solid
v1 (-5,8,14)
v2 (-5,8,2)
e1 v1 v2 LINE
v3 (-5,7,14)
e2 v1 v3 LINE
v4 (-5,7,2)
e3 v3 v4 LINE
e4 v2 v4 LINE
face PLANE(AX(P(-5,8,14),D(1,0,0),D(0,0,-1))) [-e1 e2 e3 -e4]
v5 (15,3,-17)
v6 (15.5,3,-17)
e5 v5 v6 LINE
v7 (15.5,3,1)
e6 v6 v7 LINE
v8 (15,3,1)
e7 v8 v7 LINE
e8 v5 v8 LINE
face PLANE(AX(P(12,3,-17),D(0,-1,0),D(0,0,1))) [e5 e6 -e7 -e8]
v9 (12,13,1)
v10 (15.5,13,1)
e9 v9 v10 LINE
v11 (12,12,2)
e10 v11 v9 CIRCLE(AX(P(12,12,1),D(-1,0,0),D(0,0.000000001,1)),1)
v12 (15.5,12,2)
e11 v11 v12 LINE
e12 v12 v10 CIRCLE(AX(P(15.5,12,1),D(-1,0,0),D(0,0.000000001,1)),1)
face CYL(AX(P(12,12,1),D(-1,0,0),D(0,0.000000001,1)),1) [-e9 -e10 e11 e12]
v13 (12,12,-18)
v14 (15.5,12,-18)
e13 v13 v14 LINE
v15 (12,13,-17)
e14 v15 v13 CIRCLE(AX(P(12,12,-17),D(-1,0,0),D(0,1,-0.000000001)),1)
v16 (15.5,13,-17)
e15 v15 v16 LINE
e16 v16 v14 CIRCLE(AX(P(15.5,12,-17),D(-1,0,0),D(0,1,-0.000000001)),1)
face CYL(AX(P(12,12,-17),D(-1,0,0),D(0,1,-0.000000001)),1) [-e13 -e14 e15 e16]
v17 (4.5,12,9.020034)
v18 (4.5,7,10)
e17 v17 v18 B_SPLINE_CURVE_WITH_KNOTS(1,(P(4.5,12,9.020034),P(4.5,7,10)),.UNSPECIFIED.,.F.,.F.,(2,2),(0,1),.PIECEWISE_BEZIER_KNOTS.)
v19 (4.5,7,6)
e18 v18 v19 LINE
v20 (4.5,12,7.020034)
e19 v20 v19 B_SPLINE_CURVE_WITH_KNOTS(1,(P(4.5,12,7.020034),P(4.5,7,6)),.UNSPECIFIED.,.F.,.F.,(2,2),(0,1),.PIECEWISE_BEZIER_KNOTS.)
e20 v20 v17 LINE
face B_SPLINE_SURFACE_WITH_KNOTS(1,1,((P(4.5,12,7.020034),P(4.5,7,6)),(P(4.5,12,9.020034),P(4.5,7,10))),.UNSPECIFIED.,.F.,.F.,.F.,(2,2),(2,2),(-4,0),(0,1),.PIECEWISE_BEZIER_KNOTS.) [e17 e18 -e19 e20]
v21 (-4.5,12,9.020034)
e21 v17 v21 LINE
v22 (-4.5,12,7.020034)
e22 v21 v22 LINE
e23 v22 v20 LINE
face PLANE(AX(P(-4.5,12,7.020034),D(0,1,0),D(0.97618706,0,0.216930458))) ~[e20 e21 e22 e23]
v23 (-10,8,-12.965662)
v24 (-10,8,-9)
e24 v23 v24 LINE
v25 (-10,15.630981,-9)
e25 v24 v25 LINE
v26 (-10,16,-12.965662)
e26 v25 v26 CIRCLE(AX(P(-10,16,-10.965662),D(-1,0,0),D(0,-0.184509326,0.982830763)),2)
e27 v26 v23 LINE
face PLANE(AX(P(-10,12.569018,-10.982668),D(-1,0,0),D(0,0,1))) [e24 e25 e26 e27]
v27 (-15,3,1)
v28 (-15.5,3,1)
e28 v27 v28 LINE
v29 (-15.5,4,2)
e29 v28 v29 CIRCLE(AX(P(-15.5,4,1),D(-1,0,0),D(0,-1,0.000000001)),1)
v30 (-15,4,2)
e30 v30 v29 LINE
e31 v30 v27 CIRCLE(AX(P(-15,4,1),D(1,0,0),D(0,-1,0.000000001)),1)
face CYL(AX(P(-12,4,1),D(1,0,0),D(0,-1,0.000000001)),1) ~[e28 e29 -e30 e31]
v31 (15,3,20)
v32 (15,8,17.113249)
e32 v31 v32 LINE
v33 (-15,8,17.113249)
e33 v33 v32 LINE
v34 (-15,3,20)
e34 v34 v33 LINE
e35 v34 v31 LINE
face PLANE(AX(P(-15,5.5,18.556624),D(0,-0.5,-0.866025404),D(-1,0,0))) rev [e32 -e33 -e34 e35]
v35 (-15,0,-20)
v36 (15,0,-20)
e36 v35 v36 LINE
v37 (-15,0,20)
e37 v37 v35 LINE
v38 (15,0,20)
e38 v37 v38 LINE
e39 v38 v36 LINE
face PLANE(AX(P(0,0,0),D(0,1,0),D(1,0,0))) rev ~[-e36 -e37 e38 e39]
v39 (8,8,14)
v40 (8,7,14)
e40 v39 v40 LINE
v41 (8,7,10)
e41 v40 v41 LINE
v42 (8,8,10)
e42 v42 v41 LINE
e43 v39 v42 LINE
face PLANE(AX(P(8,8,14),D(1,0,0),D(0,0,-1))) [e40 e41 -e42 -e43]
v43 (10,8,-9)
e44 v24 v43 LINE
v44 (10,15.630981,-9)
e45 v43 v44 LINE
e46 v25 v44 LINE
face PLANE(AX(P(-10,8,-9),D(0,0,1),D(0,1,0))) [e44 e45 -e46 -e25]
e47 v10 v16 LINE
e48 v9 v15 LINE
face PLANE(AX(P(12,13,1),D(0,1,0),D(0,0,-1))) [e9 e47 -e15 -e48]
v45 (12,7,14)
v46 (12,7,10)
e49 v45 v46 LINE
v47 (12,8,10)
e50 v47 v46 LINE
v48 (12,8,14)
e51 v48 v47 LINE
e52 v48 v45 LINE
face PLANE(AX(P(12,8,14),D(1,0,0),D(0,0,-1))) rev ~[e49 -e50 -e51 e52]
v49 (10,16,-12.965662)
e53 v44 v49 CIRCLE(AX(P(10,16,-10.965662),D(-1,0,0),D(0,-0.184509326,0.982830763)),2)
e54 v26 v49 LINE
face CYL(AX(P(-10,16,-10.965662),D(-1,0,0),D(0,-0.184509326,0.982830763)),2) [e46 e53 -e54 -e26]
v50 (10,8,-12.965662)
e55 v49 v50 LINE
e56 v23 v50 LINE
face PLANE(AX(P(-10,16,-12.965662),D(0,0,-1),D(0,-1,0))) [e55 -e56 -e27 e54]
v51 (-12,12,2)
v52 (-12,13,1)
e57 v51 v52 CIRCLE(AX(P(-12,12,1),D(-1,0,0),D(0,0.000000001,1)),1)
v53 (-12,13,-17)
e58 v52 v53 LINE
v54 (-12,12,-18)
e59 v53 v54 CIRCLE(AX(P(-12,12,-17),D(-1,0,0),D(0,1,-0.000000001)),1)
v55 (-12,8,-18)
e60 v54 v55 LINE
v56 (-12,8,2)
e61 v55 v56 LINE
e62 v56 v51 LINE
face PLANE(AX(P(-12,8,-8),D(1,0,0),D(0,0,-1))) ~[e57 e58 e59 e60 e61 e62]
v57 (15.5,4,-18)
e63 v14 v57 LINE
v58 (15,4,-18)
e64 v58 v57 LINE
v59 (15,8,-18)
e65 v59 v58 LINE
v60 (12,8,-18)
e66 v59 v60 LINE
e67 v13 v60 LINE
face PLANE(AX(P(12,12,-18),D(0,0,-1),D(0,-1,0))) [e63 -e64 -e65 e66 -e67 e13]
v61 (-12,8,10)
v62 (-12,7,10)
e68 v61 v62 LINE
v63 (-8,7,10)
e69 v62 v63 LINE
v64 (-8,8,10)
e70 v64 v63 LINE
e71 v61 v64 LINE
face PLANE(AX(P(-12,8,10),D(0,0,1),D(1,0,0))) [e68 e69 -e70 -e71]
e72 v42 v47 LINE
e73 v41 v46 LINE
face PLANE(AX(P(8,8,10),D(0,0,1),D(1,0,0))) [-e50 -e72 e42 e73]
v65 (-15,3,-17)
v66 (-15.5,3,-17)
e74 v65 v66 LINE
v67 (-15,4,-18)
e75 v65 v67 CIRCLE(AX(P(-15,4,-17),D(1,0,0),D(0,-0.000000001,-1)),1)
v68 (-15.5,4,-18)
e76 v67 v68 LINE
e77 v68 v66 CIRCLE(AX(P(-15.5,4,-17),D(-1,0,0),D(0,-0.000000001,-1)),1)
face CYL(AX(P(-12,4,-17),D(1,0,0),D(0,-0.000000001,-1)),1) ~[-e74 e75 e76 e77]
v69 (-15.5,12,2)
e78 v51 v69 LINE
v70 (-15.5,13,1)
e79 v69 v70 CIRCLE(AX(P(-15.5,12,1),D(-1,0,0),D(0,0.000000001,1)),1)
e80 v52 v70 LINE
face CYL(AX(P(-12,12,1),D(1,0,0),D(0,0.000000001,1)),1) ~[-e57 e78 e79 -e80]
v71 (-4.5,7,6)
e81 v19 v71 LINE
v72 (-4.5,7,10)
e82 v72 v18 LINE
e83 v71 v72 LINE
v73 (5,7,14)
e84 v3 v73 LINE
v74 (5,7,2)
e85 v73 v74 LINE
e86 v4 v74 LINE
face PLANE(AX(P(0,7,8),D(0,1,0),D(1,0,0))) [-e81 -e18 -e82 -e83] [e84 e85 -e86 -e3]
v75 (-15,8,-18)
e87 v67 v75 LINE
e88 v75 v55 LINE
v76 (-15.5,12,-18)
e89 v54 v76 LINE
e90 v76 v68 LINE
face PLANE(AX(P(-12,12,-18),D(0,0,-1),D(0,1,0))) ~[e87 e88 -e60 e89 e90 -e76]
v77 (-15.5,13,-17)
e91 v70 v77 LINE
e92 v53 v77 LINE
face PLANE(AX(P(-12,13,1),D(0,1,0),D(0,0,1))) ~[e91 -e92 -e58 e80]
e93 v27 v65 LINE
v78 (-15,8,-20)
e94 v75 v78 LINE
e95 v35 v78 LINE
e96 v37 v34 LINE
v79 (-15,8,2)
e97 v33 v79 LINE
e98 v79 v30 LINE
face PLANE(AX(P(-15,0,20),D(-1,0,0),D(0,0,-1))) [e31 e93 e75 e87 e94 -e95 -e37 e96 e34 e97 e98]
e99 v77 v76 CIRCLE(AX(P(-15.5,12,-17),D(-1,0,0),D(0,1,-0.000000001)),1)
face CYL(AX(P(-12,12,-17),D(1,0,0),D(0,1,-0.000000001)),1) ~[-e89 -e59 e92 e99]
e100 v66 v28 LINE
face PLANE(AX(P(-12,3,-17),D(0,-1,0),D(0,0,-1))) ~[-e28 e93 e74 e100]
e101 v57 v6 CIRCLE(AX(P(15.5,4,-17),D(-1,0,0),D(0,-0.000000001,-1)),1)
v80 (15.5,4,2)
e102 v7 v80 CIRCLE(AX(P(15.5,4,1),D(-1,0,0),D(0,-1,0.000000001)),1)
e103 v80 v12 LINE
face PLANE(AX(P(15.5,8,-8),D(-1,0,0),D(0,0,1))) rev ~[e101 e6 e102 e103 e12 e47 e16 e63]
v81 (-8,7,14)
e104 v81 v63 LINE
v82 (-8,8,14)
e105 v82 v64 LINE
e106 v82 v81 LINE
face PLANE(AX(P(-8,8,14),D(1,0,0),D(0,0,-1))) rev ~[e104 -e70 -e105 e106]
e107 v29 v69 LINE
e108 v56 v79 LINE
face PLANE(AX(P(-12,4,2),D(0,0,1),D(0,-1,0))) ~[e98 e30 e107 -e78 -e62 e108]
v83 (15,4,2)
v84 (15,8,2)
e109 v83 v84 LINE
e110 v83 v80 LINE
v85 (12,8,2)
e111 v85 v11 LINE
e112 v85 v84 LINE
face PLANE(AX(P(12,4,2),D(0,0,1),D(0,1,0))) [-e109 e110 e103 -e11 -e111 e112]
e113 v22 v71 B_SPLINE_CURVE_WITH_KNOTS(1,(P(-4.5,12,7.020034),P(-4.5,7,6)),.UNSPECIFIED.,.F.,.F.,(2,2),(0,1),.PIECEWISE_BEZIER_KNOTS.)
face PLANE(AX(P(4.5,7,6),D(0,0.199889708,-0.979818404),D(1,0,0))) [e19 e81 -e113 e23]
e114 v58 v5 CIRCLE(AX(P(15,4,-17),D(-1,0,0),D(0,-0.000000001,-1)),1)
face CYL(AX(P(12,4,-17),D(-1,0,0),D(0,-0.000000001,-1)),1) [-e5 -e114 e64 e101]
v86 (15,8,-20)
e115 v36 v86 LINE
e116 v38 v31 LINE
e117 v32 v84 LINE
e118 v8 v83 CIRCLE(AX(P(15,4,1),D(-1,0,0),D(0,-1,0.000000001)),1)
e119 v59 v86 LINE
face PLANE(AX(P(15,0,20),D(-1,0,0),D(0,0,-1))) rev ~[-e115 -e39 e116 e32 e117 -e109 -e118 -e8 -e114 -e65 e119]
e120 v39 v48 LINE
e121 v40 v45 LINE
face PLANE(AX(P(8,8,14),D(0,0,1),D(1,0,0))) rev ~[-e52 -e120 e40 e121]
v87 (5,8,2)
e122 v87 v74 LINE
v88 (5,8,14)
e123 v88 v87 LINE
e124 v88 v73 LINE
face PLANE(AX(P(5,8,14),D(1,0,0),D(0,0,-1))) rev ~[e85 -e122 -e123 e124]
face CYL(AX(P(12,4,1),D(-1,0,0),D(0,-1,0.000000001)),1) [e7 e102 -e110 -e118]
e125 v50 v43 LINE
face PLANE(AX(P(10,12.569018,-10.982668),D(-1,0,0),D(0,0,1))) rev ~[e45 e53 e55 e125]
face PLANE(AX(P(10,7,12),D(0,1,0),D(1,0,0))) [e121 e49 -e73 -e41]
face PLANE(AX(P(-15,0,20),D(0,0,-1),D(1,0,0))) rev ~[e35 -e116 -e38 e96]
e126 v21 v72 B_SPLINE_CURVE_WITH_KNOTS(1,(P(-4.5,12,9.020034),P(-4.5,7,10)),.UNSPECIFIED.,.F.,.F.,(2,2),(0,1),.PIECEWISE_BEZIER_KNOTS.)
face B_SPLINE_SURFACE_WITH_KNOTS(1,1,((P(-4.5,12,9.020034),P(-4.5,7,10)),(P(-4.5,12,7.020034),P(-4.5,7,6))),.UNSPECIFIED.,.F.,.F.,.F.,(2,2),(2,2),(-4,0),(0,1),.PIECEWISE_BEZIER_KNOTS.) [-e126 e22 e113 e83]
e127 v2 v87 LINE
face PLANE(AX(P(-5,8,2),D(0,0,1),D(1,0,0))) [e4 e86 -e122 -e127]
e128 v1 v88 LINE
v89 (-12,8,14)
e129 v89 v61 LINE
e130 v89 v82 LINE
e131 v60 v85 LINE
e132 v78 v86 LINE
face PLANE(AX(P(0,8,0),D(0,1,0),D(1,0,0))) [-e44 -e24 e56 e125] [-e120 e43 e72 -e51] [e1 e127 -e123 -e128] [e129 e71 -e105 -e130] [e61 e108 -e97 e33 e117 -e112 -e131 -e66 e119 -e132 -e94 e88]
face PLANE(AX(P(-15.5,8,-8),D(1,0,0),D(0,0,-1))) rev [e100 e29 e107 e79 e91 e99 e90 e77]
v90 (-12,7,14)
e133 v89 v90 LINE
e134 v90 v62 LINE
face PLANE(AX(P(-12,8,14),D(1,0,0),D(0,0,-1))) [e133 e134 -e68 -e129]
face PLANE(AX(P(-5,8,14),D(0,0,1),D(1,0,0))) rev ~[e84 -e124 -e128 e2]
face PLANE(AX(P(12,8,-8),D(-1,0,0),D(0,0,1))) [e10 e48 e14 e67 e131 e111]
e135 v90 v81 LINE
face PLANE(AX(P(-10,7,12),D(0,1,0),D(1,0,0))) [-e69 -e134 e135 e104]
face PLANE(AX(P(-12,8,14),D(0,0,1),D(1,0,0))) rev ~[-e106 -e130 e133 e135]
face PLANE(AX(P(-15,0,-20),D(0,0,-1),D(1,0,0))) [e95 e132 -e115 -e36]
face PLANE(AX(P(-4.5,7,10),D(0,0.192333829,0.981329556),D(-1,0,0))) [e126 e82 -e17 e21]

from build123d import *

# Parameters (mm, degrees)
SKETCH_1_W           = 30
SKETCH_1_H           = 40
EXTRUDE_1_DEPTH      = 8
CHAMFER_1_SIZE       = 5
CHAMFER_1_SIZE2      = 2.886751346
EXTRUDE_START        = -3
EXTRUDE_2_DEPTH      = 3.5
EXTRUDE_3_DEPTH      = 10
EXTRUDE_3_DEPTH_BACK = 10
SKETCH_4_W           = 4
SKETCH_4_H           = 4
CUT_EXTRUDE_2_DEPTH  = 1
SKETCH_12_W          = 10
SKETCH_12_H          = 12
CUT_EXTRUDE_3_DEPTH  = 1


with BuildPart() as part:
    # 草图1 → 凸台-拉伸1 (new body)
    with BuildSketch(Plane(origin=(0, 0, 0), x_dir=(1, 0, 0), z_dir=(0, 1, 0))):
        Rectangle(SKETCH_1_W, SKETCH_1_H)
    extrude(amount=EXTRUDE_1_DEPTH)

    # 倒角1
    chamfer_1_edges = [part.edges().sort_by_distance(p)[0] for p in [
        (0, 8, 20),
    ]]
    chamfer_1_side = [part.faces().sort_by_distance(p)[0] for p in [
        (0, 4, 20),
    ]]
    chamfer(chamfer_1_edges, length=CHAMFER_1_SIZE, length2=CHAMFER_1_SIZE2, reference=chamfer_1_side[0])

    # 草图6 → 凸台-拉伸2 (add)
    with BuildSketch(Plane(origin=(15, 0, 0), x_dir=(0, 0, -1), z_dir=(1, 0, 0)).offset(EXTRUDE_START)):
        with BuildLine():
            Line((18, 12), (18, 4))
            ThreePointArc((18, 4), (17.707106781, 3.292893219), (17, 3))
            Line((17, 3), (-1, 3))
            ThreePointArc((-1, 3), (-1.707106781, 3.292893219), (-2, 4))
            Line((-2, 4), (-2, 12))
            ThreePointArc((-2, 12), (-1.707106781, 12.707106781), (-1, 13))
            Line((-1, 13), (17, 13))
            ThreePointArc((17, 13), (17.707106781, 12.707106781), (18, 12))
        make_face()
    extrude_2 = extrude(amount=EXTRUDE_2_DEPTH)

    # 镜向2: 凸台-拉伸2 across plane
    add(extrude_2.mirror(Plane(origin=(0, 0, 0), x_dir=(0, 0, 1), z_dir=(1, 0, 0))))

    # 草图10 → 凸台-拉伸3 (add, two sides: drawn at the far end of the back side and taken through both)
    with BuildSketch(Plane(origin=(0, 0, 0), x_dir=(0, 0, -1), z_dir=(1, 0, 0)).offset(-EXTRUDE_3_DEPTH_BACK)):
        with BuildLine():
            Line((9, 8), (9, 15.630981347))
            ThreePointArc((9, 15.630981347), (10.780355092, 17.991396878), (12.965661526, 16))
            Line((12.965661526, 16), (12.965661526, 8))
            Line((12.965661526, 8), (9, 8))
        make_face()
    extrude(amount=EXTRUDE_3_DEPTH + EXTRUDE_3_DEPTH_BACK)

    # 草图4 → 切除-拉伸2 (cut)
    with BuildSketch(Plane(origin=(0, 8, 0), x_dir=(1, 0, 0), z_dir=(0, 1, 0))):
        with Locations((-10, -12)):
            Rectangle(SKETCH_4_W, SKETCH_4_H)
        with Locations((10, -12)):
            Rectangle(SKETCH_4_W, SKETCH_4_H)
    extrude(amount=-CUT_EXTRUDE_2_DEPTH, mode=Mode.SUBTRACT)

    # 草图12 → 切除-拉伸3 (cut)
    with BuildSketch(Plane(origin=(0, 8, 0), x_dir=(1, 0, 0), z_dir=(0, 1, 0))):
        with Locations((0, -8)):
            Rectangle(SKETCH_12_W, SKETCH_12_H)
    extrude(amount=-CUT_EXTRUDE_3_DEPTH, mode=Mode.SUBTRACT)

    # 草图14 → 放样3 section 0
    with BuildSketch(Plane(origin=(0, 12, 0), x_dir=(1, 0, 0), z_dir=(0, 1, 0))):
        with BuildLine():
            Line((-4.5, -7.020034464), (4.5, -7.020034464))
            Line((4.5, -7.020034464), (4.5, -9.020034464))
            Line((4.5, -9.020034464), (-4.5, -9.020034464))
            Line((-4.5, -9.020034464), (-4.5, -7.020034464))
        make_face()
    # 草图13 → 放样3 section 1
    with BuildSketch(Plane(origin=(0, 7, 0), x_dir=(1, 0, 0), z_dir=(0, 1, 0))):
        with BuildLine():
            Line((-4.5, -10), (4.5, -10))
            Line((4.5, -10), (4.5, -6))
            Line((4.5, -6), (-4.5, -6))
            Line((-4.5, -6), (-4.5, -10))
        make_face()
    loft()


solid = part.part
